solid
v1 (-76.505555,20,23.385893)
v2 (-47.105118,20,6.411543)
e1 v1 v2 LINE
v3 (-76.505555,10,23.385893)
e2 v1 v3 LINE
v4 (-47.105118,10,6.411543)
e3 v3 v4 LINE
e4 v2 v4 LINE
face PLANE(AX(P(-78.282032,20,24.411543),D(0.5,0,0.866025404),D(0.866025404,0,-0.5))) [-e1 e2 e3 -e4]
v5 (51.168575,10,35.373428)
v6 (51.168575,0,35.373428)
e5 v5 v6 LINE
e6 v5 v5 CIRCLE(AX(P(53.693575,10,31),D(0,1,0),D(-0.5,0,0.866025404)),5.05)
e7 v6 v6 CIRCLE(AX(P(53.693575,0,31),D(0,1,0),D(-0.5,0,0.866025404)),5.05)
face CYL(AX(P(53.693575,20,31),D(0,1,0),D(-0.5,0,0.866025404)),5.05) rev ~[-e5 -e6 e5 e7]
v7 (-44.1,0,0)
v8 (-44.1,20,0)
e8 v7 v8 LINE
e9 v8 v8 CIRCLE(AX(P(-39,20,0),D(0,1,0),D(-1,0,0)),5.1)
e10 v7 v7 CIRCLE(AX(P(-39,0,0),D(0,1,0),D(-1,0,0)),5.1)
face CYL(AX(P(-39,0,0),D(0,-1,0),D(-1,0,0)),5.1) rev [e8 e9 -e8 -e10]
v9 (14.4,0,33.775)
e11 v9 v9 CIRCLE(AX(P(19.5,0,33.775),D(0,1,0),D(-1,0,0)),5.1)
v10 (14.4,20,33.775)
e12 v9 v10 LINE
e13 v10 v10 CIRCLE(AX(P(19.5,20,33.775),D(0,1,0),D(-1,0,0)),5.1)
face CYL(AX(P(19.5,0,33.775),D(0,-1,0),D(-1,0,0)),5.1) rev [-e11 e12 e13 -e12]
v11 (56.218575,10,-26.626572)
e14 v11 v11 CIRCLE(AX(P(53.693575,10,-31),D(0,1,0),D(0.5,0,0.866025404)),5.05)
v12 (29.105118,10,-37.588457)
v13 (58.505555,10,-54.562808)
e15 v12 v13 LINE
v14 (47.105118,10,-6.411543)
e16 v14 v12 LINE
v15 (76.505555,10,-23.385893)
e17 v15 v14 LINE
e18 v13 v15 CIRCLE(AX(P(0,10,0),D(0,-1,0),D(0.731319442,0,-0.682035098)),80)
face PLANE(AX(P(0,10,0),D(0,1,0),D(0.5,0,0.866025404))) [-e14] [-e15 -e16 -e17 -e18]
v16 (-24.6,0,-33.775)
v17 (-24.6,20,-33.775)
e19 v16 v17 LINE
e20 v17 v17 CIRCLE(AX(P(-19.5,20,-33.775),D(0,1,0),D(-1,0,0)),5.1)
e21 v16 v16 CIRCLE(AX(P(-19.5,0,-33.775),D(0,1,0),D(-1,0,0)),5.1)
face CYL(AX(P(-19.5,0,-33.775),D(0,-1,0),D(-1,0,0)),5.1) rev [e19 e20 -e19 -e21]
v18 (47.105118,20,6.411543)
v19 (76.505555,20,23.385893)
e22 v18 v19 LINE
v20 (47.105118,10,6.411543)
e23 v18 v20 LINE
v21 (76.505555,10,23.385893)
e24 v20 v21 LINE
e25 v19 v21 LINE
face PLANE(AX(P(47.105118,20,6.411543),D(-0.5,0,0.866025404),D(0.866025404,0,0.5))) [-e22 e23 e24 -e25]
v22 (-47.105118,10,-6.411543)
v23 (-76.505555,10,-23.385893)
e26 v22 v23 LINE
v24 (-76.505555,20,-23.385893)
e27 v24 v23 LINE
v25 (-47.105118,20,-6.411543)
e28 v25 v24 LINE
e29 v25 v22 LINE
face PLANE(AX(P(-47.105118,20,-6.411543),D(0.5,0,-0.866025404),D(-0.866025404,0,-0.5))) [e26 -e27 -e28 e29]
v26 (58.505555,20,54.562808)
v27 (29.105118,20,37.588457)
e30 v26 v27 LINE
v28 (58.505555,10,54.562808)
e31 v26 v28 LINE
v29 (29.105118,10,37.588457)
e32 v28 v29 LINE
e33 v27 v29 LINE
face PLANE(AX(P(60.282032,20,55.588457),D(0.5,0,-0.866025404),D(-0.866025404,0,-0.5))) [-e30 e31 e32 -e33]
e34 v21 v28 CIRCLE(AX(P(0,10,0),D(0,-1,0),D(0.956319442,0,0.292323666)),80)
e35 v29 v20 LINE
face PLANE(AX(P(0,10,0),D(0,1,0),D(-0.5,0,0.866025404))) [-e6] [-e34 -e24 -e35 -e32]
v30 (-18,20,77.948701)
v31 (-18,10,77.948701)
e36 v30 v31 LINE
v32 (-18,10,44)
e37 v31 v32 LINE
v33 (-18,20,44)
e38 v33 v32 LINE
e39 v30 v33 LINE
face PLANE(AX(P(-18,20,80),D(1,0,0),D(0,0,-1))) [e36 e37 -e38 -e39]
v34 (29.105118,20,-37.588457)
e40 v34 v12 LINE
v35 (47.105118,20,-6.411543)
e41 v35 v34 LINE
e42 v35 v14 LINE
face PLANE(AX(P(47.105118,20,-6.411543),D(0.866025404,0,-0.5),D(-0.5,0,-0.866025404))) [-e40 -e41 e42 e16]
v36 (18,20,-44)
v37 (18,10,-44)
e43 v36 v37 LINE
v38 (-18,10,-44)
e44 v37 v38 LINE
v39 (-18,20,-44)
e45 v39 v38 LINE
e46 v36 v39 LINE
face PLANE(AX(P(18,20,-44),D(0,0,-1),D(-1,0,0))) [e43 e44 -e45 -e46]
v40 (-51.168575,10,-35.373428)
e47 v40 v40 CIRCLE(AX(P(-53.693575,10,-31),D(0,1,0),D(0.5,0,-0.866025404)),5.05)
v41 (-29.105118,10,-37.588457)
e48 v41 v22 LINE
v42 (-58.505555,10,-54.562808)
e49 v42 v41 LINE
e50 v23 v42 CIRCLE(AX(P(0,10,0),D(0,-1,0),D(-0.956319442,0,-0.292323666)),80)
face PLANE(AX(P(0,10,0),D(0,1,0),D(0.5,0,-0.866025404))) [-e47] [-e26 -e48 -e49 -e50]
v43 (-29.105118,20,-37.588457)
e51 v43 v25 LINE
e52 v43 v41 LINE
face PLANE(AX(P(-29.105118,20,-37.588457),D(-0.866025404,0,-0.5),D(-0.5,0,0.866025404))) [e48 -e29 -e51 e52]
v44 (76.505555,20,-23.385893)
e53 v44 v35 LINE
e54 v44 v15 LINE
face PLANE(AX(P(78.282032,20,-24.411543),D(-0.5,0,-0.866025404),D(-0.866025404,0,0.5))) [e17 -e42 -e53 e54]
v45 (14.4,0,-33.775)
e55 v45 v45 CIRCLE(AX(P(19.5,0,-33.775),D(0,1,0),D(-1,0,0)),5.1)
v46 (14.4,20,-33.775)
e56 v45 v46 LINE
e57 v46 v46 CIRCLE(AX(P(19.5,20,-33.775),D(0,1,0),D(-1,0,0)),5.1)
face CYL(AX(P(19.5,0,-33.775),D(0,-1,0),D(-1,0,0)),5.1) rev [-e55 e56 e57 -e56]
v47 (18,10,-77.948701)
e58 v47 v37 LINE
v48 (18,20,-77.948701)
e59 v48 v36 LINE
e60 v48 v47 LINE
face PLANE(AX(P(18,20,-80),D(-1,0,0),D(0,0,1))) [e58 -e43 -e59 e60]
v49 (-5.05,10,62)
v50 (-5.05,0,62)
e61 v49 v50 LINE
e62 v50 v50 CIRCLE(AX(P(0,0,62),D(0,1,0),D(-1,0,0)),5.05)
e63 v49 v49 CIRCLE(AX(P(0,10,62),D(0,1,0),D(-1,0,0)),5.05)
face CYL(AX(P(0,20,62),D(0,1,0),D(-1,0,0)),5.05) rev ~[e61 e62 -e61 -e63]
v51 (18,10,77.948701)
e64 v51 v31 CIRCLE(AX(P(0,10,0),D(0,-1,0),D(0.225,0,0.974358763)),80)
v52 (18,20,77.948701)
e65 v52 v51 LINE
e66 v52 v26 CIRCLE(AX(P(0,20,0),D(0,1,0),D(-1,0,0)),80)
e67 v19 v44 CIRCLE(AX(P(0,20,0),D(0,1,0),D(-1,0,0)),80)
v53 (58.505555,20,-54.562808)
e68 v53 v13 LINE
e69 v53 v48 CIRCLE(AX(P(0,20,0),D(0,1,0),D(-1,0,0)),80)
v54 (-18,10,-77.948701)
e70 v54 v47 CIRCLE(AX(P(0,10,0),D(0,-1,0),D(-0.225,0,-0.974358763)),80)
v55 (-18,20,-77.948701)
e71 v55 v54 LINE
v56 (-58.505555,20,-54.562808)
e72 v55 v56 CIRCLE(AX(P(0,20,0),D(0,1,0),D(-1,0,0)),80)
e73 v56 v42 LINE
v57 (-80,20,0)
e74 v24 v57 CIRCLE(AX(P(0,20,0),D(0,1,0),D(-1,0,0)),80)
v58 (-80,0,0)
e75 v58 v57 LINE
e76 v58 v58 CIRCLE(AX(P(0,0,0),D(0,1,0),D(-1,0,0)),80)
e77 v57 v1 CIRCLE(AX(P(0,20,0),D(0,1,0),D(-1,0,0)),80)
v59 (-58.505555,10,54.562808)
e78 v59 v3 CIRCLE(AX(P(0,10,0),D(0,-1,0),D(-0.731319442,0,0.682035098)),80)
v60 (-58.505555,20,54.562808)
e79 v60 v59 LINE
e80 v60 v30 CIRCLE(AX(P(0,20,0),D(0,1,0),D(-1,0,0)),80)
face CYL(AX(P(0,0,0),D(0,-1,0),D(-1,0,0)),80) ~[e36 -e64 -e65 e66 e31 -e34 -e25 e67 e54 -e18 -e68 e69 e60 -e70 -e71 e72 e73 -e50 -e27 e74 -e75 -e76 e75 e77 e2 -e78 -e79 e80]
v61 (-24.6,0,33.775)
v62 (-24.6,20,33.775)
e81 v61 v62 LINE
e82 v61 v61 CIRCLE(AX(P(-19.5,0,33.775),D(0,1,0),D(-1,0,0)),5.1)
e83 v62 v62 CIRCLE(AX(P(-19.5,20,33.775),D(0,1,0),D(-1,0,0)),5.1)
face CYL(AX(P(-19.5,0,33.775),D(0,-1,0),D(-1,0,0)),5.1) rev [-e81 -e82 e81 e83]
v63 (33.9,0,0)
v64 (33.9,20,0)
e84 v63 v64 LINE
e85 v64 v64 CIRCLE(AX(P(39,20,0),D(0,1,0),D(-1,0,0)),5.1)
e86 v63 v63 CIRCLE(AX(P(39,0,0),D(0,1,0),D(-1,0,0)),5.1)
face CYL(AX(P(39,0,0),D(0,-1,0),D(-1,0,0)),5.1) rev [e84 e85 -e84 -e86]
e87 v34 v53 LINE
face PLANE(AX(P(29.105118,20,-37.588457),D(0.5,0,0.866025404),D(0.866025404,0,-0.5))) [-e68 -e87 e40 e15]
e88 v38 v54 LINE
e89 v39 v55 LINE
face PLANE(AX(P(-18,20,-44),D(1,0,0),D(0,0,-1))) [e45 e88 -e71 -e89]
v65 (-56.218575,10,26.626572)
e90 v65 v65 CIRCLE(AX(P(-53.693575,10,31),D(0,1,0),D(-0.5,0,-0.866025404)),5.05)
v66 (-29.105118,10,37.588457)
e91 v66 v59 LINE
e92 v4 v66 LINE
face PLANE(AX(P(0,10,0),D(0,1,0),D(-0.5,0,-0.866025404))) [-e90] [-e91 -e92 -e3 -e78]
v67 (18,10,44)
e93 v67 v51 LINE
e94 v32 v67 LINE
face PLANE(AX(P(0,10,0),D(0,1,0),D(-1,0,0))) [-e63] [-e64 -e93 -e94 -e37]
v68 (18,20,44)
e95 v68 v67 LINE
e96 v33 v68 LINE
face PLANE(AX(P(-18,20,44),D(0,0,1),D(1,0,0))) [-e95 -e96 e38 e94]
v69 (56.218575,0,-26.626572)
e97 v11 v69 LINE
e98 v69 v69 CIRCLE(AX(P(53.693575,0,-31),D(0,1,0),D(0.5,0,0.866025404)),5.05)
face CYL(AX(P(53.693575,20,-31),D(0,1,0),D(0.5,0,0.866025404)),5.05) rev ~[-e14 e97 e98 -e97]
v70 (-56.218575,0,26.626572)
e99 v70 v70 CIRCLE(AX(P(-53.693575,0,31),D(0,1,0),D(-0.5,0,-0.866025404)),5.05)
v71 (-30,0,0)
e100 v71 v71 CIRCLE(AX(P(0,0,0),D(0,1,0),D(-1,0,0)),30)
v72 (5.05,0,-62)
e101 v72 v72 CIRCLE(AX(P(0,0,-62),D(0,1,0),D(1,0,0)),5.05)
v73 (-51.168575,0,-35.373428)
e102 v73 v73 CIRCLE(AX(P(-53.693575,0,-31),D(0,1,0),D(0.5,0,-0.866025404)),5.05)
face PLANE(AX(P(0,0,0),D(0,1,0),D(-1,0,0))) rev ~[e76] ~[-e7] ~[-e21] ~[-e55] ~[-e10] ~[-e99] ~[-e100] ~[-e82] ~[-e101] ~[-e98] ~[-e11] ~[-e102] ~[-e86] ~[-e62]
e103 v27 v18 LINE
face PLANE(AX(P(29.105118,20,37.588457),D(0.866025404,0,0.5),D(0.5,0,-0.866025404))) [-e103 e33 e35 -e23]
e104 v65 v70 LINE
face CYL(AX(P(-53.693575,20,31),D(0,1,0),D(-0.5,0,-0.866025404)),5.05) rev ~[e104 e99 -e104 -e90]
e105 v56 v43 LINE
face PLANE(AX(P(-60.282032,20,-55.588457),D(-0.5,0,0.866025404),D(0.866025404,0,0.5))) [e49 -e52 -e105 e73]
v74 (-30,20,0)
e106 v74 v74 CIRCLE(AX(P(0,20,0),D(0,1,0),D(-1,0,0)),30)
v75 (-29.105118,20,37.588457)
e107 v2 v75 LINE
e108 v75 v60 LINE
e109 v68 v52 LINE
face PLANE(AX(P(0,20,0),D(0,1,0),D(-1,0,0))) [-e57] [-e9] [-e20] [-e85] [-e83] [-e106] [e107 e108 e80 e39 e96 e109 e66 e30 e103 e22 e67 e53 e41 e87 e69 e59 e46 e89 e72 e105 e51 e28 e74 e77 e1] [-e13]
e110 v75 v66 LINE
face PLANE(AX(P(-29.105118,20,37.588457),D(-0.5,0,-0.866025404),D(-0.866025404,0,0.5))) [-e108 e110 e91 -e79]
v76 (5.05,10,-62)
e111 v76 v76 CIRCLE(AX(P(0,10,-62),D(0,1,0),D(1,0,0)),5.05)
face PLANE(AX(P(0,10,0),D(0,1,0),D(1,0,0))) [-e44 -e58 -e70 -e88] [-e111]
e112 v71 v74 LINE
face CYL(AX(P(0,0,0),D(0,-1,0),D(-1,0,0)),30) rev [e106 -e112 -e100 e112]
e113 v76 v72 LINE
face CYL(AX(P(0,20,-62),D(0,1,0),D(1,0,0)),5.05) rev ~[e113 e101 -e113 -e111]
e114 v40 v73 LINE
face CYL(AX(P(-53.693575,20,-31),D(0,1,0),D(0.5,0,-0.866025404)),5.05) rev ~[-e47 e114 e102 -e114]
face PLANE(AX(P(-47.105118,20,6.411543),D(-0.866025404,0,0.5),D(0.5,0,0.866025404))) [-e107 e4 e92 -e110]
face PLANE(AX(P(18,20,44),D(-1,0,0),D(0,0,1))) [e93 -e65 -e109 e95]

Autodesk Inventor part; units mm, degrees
ref_plane "YZ Plane" through (0, 0, 0) normal (1, 0, 0) x (0, 1, 0)
ref_plane "XZ Plane" through (0, 0, 0) normal (0, 1, 0) x (-1, 0, 0)
ref_plane "XY Plane" through (0, 0, 0) normal (0, 0, 1) x (1, 0, 0)
sketch "Sketch1" plane through (0, 0, 0) normal (0, 1, 0) x (-1, 0, 0)
  circle A0 centre (0, 0) radius 30
  circle A1 centre (0, 0) radius 39 construction
  circle A2 centre (0, 0) radius 80
  circle A3 centre (39, 0) radius 5.1
  circle A4 centre (19.5, 33.775) radius 5.1
  circle A5 centre (-19.5, 33.775) radius 5.1
  circle A6 centre (-39, 0) radius 5.1
  circle A7 centre (-19.5, -33.775) radius 5.1
  circle A8 centre (19.5, -33.775) radius 5.1
  dimension "d0" = 78
  dimension "d1" = 160
  dimension "d2" = 60
  dimension "d3" = 10.2
  dimension "d6" = 360
extrude "Extrusion1" add sketch "Sketch1" along normal blind 20
sketch "Sketch2" plane through (0, 20, 0) normal (0, 1, 0) x (1, 0, 0)
  circle A0 centre (0, 0) radius 30 construction
  circle A1 centre (-19.5, 33.775) radius 5.1 construction
  circle A2 centre (19.5, 33.775) radius 5.1 construction
  circle A3 centre (39, 0) radius 5.1 construction
  circle A4 centre (19.5, -33.775) radius 5.1 construction
  circle A5 centre (-19.5, -33.775) radius 5.1 construction
  circle A6 centre (-39, 0) radius 5.1 construction
  circle A7 centre (0, 0) radius 80 construction
  line L0 (0, -80) -> (0, 80) construction
  line L1 (-18, 80) -> (18, 80)
  line L2 (18, 80) -> (18, 44)
  line L3 (18, 44) -> (-18, 44)
  line L4 (-18, 44) -> (-18, 80)
  circle A8 centre (0, 0) radius 80 construction
  circle A9 centre (0, 62) radius 5.05
  dimension "d10" = 36
  dimension "d11" = 10.1
  dimension "d12" = 18
  dimension "d13" = 36
extrude "Extrusion2" cut sketch "Sketch2" against normal blind 10
extrude "Extrusion3" cut sketch "Sketch2" against normal through all contours A9
pattern_circular "Circular Pattern1" count 6 over 360 about axis through (0, 0, 0) along (0, 1, 0) of "Extrusion2", "Extrusion3"
properties part number "terminal-cap"
